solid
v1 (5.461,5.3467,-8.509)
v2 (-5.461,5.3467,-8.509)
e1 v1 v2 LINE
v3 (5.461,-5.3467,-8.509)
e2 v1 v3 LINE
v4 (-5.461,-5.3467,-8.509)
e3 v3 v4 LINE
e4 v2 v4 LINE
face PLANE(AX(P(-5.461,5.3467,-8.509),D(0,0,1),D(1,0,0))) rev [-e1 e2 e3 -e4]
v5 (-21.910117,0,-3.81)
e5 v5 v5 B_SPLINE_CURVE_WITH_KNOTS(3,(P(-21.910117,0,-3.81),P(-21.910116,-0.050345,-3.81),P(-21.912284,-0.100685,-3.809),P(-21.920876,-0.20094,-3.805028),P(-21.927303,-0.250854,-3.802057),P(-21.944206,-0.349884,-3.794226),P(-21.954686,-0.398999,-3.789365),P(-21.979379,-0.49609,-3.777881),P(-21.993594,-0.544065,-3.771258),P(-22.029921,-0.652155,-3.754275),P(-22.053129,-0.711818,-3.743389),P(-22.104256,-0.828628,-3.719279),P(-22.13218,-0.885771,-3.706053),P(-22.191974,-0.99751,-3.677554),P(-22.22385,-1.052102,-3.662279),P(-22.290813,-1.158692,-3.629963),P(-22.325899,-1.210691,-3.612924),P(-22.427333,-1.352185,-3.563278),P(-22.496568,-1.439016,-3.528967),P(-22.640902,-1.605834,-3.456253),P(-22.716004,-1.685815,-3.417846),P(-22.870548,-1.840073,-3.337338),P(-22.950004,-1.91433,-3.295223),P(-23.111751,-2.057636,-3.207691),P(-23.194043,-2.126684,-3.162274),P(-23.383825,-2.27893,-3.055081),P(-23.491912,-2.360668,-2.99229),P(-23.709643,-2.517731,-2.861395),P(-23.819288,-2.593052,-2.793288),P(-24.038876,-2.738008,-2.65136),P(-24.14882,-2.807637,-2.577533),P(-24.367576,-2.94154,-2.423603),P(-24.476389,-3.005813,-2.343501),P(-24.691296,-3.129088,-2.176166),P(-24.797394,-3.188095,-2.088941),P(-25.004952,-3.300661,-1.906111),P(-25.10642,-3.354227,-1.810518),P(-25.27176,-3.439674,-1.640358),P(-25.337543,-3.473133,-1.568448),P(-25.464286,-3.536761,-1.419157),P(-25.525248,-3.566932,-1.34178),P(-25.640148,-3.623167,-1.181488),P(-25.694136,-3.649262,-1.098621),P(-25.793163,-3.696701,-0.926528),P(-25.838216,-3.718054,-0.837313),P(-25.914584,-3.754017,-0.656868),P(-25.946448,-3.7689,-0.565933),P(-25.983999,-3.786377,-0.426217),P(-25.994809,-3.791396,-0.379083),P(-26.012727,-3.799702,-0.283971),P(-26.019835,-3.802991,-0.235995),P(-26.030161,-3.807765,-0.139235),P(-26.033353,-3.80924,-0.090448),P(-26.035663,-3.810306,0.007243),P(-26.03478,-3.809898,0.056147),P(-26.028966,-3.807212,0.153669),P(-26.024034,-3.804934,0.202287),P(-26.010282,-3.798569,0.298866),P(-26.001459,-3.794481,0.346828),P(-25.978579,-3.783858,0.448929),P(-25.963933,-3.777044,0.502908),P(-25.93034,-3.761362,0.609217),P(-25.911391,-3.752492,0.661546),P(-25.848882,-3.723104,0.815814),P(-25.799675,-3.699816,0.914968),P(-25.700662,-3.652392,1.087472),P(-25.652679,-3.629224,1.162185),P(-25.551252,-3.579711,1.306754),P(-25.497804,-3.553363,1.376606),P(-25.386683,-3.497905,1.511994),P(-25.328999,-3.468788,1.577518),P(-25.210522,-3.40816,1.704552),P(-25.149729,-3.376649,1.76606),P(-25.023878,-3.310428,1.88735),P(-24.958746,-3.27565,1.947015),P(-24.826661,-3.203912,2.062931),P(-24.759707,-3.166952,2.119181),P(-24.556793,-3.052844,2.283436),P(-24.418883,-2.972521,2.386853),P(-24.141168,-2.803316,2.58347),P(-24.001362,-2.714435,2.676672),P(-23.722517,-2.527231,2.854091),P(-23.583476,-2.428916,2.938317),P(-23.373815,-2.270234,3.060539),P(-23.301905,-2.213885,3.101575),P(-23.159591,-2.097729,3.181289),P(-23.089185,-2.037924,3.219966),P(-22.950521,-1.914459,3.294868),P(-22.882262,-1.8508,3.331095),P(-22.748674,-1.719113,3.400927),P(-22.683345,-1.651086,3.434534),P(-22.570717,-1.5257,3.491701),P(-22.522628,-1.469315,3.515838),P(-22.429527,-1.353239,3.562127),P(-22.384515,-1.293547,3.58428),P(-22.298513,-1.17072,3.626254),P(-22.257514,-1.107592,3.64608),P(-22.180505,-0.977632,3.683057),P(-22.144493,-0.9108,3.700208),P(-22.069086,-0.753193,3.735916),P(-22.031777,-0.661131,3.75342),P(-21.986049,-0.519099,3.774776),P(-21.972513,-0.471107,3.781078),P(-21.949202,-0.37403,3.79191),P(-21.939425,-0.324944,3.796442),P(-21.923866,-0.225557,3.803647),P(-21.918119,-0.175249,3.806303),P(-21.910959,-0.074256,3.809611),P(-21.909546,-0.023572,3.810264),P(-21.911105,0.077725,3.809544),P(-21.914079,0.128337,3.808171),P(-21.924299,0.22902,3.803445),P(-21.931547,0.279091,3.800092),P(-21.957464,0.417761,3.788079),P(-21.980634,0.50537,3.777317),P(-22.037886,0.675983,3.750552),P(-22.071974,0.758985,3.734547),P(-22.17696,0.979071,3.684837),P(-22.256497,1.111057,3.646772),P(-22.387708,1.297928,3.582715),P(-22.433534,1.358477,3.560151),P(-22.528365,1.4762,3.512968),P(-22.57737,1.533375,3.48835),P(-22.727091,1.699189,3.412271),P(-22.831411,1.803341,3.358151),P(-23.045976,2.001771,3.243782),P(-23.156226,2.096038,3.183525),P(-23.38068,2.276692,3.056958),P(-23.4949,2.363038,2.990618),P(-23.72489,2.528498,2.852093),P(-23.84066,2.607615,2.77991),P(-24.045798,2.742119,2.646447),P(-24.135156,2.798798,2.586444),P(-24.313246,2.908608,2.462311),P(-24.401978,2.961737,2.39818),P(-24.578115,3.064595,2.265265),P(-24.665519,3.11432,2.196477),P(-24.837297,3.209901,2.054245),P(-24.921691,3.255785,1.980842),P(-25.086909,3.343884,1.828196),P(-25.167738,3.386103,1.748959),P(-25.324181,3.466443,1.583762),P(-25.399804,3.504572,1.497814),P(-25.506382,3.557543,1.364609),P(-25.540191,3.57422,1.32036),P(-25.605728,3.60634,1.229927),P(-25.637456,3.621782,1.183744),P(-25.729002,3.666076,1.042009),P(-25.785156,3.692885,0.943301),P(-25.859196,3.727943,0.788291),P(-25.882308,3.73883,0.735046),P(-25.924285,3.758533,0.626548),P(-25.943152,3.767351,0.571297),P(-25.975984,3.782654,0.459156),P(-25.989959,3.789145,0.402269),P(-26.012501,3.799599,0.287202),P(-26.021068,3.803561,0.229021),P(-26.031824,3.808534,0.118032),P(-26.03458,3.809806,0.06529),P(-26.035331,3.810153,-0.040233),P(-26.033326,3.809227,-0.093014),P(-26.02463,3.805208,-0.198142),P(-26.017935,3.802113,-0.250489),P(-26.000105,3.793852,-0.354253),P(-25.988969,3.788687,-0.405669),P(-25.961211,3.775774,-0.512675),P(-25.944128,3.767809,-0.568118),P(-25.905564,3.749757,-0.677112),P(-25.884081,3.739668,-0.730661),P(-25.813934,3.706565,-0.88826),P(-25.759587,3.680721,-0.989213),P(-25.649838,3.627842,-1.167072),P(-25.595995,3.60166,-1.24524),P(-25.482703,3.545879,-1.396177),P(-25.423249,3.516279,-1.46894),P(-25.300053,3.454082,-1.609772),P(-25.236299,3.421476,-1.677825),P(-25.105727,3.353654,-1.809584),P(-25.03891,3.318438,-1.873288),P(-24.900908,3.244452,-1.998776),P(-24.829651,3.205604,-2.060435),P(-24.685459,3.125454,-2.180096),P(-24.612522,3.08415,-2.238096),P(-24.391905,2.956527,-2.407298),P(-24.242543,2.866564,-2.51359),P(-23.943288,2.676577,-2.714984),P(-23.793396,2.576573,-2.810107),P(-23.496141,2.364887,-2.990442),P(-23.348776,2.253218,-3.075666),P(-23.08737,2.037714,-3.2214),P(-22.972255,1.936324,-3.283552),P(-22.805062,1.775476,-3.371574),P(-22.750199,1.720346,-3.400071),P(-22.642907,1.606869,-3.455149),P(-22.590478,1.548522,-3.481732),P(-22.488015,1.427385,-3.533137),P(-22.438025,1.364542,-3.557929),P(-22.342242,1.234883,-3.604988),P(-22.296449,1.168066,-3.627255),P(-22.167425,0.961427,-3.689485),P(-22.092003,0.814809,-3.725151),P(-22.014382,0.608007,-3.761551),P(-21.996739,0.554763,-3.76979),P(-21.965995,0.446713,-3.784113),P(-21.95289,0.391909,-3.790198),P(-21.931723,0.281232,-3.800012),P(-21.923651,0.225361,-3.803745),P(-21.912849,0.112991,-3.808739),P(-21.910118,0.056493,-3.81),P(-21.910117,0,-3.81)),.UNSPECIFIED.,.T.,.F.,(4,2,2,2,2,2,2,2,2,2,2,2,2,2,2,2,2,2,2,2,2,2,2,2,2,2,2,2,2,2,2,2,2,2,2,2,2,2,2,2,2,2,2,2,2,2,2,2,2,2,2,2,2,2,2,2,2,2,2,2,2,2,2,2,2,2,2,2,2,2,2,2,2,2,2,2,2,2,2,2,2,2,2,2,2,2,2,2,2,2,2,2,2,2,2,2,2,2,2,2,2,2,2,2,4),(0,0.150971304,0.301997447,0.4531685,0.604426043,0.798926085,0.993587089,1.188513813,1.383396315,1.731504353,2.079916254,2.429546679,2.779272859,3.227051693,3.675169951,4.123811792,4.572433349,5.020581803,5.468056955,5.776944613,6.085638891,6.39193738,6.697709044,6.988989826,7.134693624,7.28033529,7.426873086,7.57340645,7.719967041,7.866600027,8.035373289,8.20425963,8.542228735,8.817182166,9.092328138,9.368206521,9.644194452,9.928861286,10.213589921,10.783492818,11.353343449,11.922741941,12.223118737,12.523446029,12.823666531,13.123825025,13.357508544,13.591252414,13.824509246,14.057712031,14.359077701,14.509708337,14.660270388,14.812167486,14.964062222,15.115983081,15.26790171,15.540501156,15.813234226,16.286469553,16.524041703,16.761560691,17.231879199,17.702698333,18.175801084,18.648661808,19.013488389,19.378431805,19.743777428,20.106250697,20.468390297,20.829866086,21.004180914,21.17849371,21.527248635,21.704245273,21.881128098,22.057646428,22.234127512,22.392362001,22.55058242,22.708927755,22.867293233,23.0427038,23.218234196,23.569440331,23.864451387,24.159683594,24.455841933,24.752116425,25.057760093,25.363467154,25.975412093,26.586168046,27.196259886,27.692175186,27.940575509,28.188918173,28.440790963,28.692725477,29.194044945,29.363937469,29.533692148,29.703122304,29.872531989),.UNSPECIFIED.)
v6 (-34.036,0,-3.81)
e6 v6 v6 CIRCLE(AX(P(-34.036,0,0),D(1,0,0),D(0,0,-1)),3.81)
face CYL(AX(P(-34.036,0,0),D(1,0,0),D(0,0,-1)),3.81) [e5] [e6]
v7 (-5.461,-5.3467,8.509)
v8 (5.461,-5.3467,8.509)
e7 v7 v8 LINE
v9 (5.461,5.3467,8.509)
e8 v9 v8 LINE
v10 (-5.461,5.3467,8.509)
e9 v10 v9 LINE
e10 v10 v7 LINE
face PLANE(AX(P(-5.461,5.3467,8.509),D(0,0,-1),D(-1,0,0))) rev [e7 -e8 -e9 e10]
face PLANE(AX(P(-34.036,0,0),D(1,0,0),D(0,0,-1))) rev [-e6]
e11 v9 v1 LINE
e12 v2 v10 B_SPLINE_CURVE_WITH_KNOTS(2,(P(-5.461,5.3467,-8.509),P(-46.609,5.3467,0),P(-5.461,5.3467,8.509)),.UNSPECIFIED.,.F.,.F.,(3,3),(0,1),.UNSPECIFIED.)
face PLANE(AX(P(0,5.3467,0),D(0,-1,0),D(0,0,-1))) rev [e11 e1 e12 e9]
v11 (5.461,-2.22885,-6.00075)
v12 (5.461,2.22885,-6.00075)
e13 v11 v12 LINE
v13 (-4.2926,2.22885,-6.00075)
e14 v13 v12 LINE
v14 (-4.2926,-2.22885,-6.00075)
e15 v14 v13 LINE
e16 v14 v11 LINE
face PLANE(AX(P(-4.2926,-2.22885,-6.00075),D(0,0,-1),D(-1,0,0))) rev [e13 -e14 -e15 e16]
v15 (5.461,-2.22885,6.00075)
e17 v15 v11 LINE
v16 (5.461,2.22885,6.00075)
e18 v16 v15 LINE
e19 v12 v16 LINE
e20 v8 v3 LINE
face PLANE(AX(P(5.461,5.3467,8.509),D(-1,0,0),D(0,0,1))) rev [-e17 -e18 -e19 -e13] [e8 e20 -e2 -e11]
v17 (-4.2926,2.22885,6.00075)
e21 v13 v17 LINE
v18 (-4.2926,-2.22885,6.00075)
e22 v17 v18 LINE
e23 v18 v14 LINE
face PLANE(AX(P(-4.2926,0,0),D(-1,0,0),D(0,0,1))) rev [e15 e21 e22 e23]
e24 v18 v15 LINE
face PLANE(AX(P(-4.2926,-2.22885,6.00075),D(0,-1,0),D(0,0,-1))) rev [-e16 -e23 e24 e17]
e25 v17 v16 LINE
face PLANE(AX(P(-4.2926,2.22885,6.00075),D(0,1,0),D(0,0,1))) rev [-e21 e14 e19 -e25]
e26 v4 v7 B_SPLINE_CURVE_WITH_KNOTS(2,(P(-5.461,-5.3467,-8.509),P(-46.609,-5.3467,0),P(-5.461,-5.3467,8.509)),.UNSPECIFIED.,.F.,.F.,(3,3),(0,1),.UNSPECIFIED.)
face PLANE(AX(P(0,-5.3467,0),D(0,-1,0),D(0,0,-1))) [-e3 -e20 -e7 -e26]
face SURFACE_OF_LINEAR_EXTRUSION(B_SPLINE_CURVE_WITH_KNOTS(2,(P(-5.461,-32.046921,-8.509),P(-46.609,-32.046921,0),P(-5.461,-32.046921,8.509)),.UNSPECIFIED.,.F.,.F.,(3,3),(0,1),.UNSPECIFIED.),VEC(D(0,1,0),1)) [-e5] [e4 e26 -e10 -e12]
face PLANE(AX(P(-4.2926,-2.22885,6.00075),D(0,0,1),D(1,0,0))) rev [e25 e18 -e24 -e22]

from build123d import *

# Parameters (mm, degrees)
SKETCH1_W                = 10.922
SKETCH1_H                = 17.018
BOSS_EXTRUDE1_DEPTH      = 5.3467
SKETCH2_W                = 12.0015
SKETCH2_H                = 4.4577
CUT_EXTRUDE1_DEPTH       = 9.7536
BOSS_EXTRUDE2_DEPTH      = 10.6934
BOSS_EXTRUDE3_DEPTH      = 9.7536
BOSS_EXTRUDE3_DEPTH_BACK = 8.001
SKETCH4_R                = 3.81


with BuildPart() as part:
    # Sketch1 → Boss-Extrude1 (new, symmetric)
    with BuildSketch(Plane(origin=(0, 0, 0), x_dir=(1, 0, 0), z_dir=(0, 1, 0))):
        Rectangle(SKETCH1_W, SKETCH1_H)
    extrude(amount=BOSS_EXTRUDE1_DEPTH, both=True)

    # Sketch2 → Cut-Extrude1 (cut)
    with BuildSketch(Plane(origin=(5.461, 0, 0), x_dir=(0, 0, -1), z_dir=(1, 0, 0))):
        Rectangle(SKETCH2_W, SKETCH2_H)
    extrude(amount=-CUT_EXTRUDE1_DEPTH, mode=Mode.SUBTRACT)

    # Sketch3 → Boss-Extrude2 (add)
    with BuildSketch(Plane(origin=(0, 5.3467, 0), x_dir=(1, 0, 0), z_dir=(0, 1, 0))):
        with BuildLine():
            Line((-5.461, 8.509), (-5.461, -8.509))
            add(Edge.make_bspline(
                [(-5.461, 8.509), (-46.609, 0), (-5.461, -8.509)],
                knots=[0, 0, 0, 1, 1, 1], degree=2))
        make_face()
    extrude(amount=-BOSS_EXTRUDE2_DEPTH)

    # Sketch4 → Boss-Extrude3 (add, two sides: drawn at the far end of the back side and taken through both)
    with BuildSketch(Plane(origin=(-26.035, 0, 0), x_dir=(0, 0, -1), z_dir=(1, 0, 0)).offset(-BOSS_EXTRUDE3_DEPTH_BACK)):
        Circle(SKETCH4_R)
    extrude(amount=BOSS_EXTRUDE3_DEPTH + BOSS_EXTRUDE3_DEPTH_BACK)


solid = part.part
